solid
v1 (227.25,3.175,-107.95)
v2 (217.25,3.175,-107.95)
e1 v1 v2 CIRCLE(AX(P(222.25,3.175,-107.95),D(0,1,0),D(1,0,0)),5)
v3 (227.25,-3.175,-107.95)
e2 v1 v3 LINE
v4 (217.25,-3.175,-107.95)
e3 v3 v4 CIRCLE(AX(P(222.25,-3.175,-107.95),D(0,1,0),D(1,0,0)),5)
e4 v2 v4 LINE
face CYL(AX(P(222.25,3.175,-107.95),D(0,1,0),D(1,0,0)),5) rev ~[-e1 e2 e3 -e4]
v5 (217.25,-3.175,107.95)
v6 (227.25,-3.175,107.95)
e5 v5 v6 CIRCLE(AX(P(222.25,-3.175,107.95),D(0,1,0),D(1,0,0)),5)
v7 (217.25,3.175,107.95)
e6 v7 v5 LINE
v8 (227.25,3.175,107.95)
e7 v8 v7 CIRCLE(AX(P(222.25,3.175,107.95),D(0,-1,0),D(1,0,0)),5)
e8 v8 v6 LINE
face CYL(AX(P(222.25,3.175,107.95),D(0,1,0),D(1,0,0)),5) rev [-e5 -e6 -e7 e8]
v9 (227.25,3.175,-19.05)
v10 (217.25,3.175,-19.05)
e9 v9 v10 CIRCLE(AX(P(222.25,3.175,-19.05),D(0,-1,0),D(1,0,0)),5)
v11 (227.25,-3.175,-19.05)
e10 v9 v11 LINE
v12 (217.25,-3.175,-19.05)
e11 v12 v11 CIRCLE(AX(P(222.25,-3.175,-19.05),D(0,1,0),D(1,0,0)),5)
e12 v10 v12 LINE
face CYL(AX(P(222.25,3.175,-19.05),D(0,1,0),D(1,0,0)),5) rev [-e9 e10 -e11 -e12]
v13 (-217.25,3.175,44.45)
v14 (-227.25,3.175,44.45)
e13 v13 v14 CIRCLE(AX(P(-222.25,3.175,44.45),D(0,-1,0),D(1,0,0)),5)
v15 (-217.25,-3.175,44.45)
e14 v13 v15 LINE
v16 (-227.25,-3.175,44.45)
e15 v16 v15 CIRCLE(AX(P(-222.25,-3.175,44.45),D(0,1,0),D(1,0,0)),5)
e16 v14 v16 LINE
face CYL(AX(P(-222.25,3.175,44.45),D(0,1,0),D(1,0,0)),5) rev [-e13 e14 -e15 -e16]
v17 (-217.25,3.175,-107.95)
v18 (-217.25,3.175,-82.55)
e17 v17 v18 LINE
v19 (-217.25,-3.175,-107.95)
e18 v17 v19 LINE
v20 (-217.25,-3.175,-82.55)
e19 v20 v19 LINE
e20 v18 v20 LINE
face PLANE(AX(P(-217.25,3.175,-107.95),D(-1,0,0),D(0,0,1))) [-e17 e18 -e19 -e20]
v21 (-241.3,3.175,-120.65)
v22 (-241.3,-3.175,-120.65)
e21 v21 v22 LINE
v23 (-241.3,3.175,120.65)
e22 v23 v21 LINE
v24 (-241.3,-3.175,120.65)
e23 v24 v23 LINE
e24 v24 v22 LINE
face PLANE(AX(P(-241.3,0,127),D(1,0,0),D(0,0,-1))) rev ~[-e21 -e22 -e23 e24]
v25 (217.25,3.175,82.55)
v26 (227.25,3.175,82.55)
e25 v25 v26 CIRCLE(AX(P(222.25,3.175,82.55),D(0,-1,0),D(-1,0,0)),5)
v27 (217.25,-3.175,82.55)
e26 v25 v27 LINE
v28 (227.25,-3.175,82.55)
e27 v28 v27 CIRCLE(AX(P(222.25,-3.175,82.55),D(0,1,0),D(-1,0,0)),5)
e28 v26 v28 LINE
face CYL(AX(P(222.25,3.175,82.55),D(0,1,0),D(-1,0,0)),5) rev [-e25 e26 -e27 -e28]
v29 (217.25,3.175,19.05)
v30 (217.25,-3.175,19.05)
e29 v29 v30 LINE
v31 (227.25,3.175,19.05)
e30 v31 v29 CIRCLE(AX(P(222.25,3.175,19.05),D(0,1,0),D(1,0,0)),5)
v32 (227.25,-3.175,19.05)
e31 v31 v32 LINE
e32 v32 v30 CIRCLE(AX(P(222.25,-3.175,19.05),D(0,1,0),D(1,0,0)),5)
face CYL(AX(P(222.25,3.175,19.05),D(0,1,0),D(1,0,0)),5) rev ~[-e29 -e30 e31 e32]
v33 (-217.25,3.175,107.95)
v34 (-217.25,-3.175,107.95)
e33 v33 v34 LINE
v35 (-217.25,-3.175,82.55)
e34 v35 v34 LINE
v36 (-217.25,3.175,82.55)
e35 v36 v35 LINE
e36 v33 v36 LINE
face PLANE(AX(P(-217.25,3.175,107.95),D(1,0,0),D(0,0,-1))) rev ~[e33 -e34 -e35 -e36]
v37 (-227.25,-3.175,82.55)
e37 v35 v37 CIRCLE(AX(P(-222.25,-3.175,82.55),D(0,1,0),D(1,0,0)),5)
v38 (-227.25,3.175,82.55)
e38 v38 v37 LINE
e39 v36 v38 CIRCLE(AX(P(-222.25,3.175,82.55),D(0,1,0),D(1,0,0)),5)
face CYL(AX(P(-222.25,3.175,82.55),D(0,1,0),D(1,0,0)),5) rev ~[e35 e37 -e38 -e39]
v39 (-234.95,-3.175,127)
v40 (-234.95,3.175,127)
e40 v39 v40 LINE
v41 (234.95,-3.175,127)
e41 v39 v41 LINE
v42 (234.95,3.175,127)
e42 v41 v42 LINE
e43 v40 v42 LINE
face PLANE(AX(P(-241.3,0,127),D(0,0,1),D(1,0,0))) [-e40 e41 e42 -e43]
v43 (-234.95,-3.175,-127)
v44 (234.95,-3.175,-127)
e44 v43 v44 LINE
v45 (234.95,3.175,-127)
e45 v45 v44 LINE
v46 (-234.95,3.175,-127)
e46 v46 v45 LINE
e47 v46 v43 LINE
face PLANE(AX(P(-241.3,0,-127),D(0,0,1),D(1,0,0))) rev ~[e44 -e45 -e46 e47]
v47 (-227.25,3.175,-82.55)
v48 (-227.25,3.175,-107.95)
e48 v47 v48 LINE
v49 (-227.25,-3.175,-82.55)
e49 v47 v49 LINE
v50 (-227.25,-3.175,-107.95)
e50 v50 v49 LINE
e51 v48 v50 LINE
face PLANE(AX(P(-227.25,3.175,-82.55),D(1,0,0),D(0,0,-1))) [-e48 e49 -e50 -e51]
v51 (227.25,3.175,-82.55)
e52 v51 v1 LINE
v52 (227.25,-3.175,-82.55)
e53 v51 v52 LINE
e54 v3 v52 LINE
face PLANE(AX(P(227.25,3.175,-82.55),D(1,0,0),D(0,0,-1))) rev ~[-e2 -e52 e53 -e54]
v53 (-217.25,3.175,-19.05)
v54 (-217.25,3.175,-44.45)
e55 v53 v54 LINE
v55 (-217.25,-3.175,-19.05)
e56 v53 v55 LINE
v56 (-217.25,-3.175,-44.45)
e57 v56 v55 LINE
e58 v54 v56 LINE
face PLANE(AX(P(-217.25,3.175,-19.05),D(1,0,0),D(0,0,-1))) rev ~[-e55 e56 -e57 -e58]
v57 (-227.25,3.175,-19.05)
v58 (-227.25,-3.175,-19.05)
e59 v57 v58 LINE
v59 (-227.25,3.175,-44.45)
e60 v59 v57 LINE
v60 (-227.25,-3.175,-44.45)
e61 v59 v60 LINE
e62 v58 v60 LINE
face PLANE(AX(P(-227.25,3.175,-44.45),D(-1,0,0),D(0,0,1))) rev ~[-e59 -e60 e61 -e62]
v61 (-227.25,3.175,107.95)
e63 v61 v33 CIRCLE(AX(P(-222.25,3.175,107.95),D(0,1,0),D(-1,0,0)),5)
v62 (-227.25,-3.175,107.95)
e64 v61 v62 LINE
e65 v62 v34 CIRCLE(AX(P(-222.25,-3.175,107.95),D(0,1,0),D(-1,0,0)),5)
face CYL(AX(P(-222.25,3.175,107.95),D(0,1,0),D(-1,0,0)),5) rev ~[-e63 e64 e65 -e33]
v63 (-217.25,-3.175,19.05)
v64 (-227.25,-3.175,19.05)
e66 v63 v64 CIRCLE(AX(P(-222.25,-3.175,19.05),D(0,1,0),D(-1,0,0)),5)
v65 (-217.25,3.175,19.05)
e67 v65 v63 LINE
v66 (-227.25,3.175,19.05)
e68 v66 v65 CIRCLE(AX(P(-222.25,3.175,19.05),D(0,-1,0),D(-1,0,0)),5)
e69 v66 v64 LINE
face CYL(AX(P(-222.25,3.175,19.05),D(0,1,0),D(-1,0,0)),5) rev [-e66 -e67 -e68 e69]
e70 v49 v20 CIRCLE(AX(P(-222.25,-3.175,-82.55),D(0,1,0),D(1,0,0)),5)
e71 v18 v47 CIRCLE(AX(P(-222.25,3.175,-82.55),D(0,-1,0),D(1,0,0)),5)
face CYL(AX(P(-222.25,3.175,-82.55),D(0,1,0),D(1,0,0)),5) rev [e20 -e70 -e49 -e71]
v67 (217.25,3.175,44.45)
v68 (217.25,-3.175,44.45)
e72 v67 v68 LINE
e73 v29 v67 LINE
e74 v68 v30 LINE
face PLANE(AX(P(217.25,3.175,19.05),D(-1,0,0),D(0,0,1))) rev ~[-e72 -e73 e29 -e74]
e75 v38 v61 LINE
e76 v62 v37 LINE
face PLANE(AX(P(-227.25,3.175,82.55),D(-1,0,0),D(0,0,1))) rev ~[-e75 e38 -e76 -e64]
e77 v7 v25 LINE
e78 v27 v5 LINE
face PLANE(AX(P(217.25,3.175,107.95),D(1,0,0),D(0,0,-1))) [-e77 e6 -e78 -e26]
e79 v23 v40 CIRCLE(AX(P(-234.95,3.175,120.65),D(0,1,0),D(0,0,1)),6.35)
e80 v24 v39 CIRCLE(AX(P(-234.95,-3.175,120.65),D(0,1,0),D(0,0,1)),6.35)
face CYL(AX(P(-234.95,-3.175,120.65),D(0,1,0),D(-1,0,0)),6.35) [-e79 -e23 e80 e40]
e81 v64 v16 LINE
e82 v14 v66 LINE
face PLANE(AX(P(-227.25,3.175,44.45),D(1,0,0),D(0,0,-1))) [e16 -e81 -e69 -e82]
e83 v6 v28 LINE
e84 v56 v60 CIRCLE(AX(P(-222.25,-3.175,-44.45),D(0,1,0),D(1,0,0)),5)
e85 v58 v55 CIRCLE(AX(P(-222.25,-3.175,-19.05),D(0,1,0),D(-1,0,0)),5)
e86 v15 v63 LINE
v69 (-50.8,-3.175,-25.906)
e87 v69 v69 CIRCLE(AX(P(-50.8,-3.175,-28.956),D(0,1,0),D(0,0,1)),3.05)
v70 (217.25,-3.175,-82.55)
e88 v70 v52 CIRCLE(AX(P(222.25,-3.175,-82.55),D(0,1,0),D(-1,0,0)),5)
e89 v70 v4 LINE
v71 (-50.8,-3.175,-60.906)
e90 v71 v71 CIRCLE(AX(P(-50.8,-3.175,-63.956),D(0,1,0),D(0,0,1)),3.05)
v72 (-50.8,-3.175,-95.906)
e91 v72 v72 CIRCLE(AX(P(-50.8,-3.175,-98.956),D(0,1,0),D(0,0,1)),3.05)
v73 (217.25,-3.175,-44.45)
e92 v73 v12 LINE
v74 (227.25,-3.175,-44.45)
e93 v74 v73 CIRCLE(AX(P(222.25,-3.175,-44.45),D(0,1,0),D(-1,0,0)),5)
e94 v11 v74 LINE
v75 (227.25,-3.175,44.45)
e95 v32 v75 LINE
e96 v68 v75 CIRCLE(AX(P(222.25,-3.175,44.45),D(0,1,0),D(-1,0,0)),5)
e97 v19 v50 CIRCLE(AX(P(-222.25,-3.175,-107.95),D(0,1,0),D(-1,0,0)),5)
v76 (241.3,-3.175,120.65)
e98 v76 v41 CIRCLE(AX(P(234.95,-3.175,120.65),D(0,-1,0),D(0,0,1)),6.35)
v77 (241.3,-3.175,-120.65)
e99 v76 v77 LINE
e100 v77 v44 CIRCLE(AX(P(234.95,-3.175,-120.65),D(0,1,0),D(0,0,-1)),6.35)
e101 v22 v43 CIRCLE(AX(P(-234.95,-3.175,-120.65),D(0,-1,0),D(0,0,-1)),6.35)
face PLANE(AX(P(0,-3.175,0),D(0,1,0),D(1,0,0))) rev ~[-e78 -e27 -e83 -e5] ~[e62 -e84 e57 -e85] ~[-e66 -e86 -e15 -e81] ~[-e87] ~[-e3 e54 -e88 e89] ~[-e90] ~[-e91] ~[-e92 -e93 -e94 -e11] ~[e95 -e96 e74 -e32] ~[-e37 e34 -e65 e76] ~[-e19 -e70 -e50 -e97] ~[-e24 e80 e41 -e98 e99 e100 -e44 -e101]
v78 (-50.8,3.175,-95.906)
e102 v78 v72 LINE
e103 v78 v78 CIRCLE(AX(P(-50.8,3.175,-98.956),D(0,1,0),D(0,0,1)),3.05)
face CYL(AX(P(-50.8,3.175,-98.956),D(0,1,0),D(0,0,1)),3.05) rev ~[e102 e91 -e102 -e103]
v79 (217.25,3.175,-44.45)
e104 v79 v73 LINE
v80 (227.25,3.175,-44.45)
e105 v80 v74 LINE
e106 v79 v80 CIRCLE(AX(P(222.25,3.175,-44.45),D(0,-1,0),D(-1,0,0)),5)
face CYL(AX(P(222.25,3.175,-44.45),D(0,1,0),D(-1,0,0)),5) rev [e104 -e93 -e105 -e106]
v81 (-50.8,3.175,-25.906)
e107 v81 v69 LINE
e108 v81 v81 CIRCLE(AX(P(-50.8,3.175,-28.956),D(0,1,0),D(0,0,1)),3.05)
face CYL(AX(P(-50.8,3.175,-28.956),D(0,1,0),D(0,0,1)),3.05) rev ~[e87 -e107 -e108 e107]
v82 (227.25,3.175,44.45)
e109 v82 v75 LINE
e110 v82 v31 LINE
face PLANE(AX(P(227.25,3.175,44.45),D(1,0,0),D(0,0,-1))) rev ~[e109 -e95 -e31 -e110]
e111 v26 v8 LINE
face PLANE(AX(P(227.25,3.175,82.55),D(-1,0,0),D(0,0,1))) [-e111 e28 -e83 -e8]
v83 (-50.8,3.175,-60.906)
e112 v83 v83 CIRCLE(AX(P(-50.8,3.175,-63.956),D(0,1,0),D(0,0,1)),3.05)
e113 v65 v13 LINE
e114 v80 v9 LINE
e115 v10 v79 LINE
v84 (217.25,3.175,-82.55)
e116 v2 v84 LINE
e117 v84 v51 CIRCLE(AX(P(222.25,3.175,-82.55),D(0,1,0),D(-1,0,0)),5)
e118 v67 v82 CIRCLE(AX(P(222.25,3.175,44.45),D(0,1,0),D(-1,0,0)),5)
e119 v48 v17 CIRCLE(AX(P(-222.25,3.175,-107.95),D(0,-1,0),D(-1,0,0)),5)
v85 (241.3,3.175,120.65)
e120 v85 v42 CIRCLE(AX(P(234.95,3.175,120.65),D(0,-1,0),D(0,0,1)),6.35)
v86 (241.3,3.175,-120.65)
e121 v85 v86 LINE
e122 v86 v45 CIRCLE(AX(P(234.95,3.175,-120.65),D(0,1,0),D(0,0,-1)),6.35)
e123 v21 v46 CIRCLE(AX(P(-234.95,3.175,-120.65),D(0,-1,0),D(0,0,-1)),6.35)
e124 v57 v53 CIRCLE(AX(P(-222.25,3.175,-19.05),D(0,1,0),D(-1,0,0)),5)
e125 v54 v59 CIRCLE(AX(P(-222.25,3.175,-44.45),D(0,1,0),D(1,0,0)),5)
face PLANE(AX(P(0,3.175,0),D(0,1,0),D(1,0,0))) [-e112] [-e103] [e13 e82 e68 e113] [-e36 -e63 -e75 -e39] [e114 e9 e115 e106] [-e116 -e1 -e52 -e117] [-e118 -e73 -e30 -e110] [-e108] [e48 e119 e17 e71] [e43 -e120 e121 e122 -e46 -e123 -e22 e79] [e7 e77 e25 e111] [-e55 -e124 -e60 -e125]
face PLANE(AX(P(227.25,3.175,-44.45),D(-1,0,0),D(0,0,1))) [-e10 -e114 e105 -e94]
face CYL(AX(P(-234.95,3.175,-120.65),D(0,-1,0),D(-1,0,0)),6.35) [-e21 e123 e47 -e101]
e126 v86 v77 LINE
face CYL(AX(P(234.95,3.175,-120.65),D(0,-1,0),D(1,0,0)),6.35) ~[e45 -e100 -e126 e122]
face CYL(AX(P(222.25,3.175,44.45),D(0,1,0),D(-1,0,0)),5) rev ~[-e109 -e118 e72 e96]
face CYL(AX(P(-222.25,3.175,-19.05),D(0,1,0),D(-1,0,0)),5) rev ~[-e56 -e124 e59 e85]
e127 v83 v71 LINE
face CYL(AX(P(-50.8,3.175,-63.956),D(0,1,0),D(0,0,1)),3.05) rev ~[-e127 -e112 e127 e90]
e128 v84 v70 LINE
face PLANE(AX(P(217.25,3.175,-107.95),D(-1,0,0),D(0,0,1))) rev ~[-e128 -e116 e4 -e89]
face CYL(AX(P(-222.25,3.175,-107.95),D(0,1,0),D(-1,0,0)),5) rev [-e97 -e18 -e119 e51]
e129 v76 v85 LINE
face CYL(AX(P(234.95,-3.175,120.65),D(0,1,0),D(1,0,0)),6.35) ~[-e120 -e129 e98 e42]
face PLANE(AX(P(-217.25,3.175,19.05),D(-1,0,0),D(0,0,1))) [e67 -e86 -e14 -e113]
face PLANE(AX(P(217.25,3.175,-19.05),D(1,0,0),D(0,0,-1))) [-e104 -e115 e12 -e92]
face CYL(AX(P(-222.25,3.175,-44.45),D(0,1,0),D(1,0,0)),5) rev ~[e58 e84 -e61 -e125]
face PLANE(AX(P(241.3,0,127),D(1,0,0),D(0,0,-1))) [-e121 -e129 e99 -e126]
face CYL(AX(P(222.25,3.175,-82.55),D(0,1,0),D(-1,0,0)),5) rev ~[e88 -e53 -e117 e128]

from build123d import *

# Parameters (mm, degrees)
SKETCH1_W           = 482.6
SKETCH1_H           = 254
BOSS_EXTRUDE1_DEPTH = 3.175
FILLET1_R           = 6.35
CUT_EXTRUDE1_REACH  = 274.754
SKETCH3_R           = 3.05
CUT_EXTRUDE2_DEPTH  = 273.754491255


with BuildPart() as part:
    # Sketch1 → Boss-Extrude1 (new, symmetric)
    with BuildSketch(Plane(origin=(0, 0, 0), x_dir=(1, 0, 0), z_dir=(0, 1, 0))):
        Rectangle(SKETCH1_W, SKETCH1_H)
    extrude(amount=BOSS_EXTRUDE1_DEPTH, both=True)

    # Fillet1
    fillet1_edges = [part.edges().sort_by_distance(p)[0] for p in [
        (241.3, 0, 127),
        (-241.3, 0, 127),
        (-241.3, 0, -127),
        (241.3, 0, -127),
    ]]
    fillet(fillet1_edges, radius=FILLET1_R)

    # Sketch2 → Cut-Extrude1 (cut, up to next)
    with BuildSketch(Plane(origin=(0, 3.175, 0), x_dir=(1, 0, 0), z_dir=(0, 1, 0)), mode=Mode.PRIVATE) as cut_extrude1_sk1:
        with BuildLine():
            Line((227.25, -82.55), (227.25, -107.95))
            ThreePointArc((227.25, -107.95), (222.25, -112.95), (217.25, -107.95))
            Line((217.25, -107.95), (217.25, -82.55))
            ThreePointArc((217.25, -82.55), (222.25, -77.55), (227.25, -82.55))
        make_face()
    cut_extrude1_tool1 = extrude(cut_extrude1_sk1.sketch, amount=-CUT_EXTRUDE1_REACH, mode=Mode.PRIVATE) & part.part
    # Sketch2 → Cut-Extrude1 (cut, up to next)
    with BuildSketch(Plane(origin=(0, 3.175, 0), x_dir=(1, 0, 0), z_dir=(0, 1, 0)), mode=Mode.PRIVATE) as cut_extrude1_sk2:
        with BuildLine():
            Line((227.25, -44.45), (227.25, -19.05))
            ThreePointArc((227.25, -19.05), (222.25, -14.05), (217.25, -19.05))
            Line((217.25, -19.05), (217.25, -44.45))
            ThreePointArc((217.25, -44.45), (222.25, -49.45), (227.25, -44.45))
        make_face()
    cut_extrude1_tool2 = extrude(cut_extrude1_sk2.sketch, amount=-CUT_EXTRUDE1_REACH, mode=Mode.PRIVATE) & part.part
    # Sketch2 → Cut-Extrude1 (cut, up to next)
    with BuildSketch(Plane(origin=(0, 3.175, 0), x_dir=(1, 0, 0), z_dir=(0, 1, 0)), mode=Mode.PRIVATE) as cut_extrude1_sk3:
        with BuildLine():
            Line((227.25, 44.45), (227.25, 19.05))
            ThreePointArc((227.25, 19.05), (222.25, 14.05), (217.25, 19.05))
            Line((217.25, 19.05), (217.25, 44.45))
            ThreePointArc((217.25, 44.45), (222.25, 49.45), (227.25, 44.45))
        make_face()
    cut_extrude1_tool3 = extrude(cut_extrude1_sk3.sketch, amount=-CUT_EXTRUDE1_REACH, mode=Mode.PRIVATE) & part.part
    # Sketch2 → Cut-Extrude1 (cut, up to next)
    with BuildSketch(Plane(origin=(0, 3.175, 0), x_dir=(1, 0, 0), z_dir=(0, 1, 0)), mode=Mode.PRIVATE) as cut_extrude1_sk4:
        with BuildLine():
            Line((227.25, 82.55), (227.25, 107.95))
            ThreePointArc((227.25, 107.95), (222.25, 112.95), (217.25, 107.95))
            Line((217.25, 107.95), (217.25, 82.55))
            ThreePointArc((217.25, 82.55), (222.25, 77.55), (227.25, 82.55))
        make_face()
    cut_extrude1_tool4 = extrude(cut_extrude1_sk4.sketch, amount=-CUT_EXTRUDE1_REACH, mode=Mode.PRIVATE) & part.part
    # Sketch2 → Cut-Extrude1 (cut, up to next)
    with BuildSketch(Plane(origin=(0, 3.175, 0), x_dir=(1, 0, 0), z_dir=(0, 1, 0)), mode=Mode.PRIVATE) as cut_extrude1_sk5:
        with BuildLine():
            Line((-227.25, 82.55), (-227.25, 107.95))
            ThreePointArc((-227.25, 107.95), (-222.25, 112.95), (-217.25, 107.95))
            Line((-217.25, 107.95), (-217.25, 82.55))
            ThreePointArc((-217.25, 82.55), (-222.25, 77.55), (-227.25, 82.55))
        make_face()
    cut_extrude1_tool5 = extrude(cut_extrude1_sk5.sketch, amount=-CUT_EXTRUDE1_REACH, mode=Mode.PRIVATE) & part.part
    # Sketch2 → Cut-Extrude1 (cut, up to next)
    with BuildSketch(Plane(origin=(0, 3.175, 0), x_dir=(1, 0, 0), z_dir=(0, 1, 0)), mode=Mode.PRIVATE) as cut_extrude1_sk6:
        with BuildLine():
            Line((-227.25, 44.45), (-227.25, 19.05))
            ThreePointArc((-227.25, 19.05), (-222.25, 14.05), (-217.25, 19.05))
            Line((-217.25, 19.05), (-217.25, 44.45))
            ThreePointArc((-217.25, 44.45), (-222.25, 49.45), (-227.25, 44.45))
        make_face()
    cut_extrude1_tool6 = extrude(cut_extrude1_sk6.sketch, amount=-CUT_EXTRUDE1_REACH, mode=Mode.PRIVATE) & part.part
    # Sketch2 → Cut-Extrude1 (cut, up to next)
    with BuildSketch(Plane(origin=(0, 3.175, 0), x_dir=(1, 0, 0), z_dir=(0, 1, 0)), mode=Mode.PRIVATE) as cut_extrude1_sk7:
        with BuildLine():
            Line((-227.25, -44.45), (-227.25, -19.05))
            ThreePointArc((-227.25, -19.05), (-222.25, -14.05), (-217.25, -19.05))
            Line((-217.25, -19.05), (-217.25, -44.45))
            ThreePointArc((-217.25, -44.45), (-222.25, -49.45), (-227.25, -44.45))
        make_face()
    cut_extrude1_tool7 = extrude(cut_extrude1_sk7.sketch, amount=-CUT_EXTRUDE1_REACH, mode=Mode.PRIVATE) & part.part
    # Sketch2 → Cut-Extrude1 (cut, up to next)
    with BuildSketch(Plane(origin=(0, 3.175, 0), x_dir=(1, 0, 0), z_dir=(0, 1, 0)), mode=Mode.PRIVATE) as cut_extrude1_sk8:
        with BuildLine():
            Line((-227.25, -82.55), (-227.25, -107.95))
            ThreePointArc((-227.25, -107.95), (-222.25, -112.95), (-217.25, -107.95))
            Line((-217.25, -107.95), (-217.25, -82.55))
            ThreePointArc((-217.25, -82.55), (-222.25, -77.55), (-227.25, -82.55))
        make_face()
    cut_extrude1_tool8 = extrude(cut_extrude1_sk8.sketch, amount=-CUT_EXTRUDE1_REACH, mode=Mode.PRIVATE) & part.part
    add(cut_extrude1_tool1.solids().sort_by_distance((222.25, 3.175, 95.25))[0], mode=Mode.SUBTRACT)
    add(cut_extrude1_tool2.solids().sort_by_distance((222.25, 3.175, 31.75))[0], mode=Mode.SUBTRACT)
    add(cut_extrude1_tool3.solids().sort_by_distance((222.25, 3.175, -31.75))[0], mode=Mode.SUBTRACT)
    add(cut_extrude1_tool4.solids().sort_by_distance((222.25, 3.175, -95.25))[0], mode=Mode.SUBTRACT)
    add(cut_extrude1_tool5.solids().sort_by_distance((-222.25, 3.175, -95.25))[0], mode=Mode.SUBTRACT)
    add(cut_extrude1_tool6.solids().sort_by_distance((-222.25, 3.175, -31.75))[0], mode=Mode.SUBTRACT)
    add(cut_extrude1_tool7.solids().sort_by_distance((-222.25, 3.175, 31.75))[0], mode=Mode.SUBTRACT)
    add(cut_extrude1_tool8.solids().sort_by_distance((-222.25, 3.175, 95.25))[0], mode=Mode.SUBTRACT)

    # Sketch3 → Cut-Extrude2 (cut, through all)
    with BuildSketch(Plane(origin=(0, 3.175, 0), x_dir=(1, 0, 0), z_dir=(0, 1, 0))):
        with Locations(Location((-50.8, 98.956, 0), (0, 0, 270))):
            Circle(SKETCH3_R)
        with Locations(Location((-50.8, 63.956, 0), (0, 0, 270))):
            Circle(SKETCH3_R)
        with Locations(Location((-50.8, 28.956, 0), (0, 0, 270))):
            Circle(SKETCH3_R)
    extrude(amount=-CUT_EXTRUDE2_DEPTH, mode=Mode.SUBTRACT)


solid = part.part
